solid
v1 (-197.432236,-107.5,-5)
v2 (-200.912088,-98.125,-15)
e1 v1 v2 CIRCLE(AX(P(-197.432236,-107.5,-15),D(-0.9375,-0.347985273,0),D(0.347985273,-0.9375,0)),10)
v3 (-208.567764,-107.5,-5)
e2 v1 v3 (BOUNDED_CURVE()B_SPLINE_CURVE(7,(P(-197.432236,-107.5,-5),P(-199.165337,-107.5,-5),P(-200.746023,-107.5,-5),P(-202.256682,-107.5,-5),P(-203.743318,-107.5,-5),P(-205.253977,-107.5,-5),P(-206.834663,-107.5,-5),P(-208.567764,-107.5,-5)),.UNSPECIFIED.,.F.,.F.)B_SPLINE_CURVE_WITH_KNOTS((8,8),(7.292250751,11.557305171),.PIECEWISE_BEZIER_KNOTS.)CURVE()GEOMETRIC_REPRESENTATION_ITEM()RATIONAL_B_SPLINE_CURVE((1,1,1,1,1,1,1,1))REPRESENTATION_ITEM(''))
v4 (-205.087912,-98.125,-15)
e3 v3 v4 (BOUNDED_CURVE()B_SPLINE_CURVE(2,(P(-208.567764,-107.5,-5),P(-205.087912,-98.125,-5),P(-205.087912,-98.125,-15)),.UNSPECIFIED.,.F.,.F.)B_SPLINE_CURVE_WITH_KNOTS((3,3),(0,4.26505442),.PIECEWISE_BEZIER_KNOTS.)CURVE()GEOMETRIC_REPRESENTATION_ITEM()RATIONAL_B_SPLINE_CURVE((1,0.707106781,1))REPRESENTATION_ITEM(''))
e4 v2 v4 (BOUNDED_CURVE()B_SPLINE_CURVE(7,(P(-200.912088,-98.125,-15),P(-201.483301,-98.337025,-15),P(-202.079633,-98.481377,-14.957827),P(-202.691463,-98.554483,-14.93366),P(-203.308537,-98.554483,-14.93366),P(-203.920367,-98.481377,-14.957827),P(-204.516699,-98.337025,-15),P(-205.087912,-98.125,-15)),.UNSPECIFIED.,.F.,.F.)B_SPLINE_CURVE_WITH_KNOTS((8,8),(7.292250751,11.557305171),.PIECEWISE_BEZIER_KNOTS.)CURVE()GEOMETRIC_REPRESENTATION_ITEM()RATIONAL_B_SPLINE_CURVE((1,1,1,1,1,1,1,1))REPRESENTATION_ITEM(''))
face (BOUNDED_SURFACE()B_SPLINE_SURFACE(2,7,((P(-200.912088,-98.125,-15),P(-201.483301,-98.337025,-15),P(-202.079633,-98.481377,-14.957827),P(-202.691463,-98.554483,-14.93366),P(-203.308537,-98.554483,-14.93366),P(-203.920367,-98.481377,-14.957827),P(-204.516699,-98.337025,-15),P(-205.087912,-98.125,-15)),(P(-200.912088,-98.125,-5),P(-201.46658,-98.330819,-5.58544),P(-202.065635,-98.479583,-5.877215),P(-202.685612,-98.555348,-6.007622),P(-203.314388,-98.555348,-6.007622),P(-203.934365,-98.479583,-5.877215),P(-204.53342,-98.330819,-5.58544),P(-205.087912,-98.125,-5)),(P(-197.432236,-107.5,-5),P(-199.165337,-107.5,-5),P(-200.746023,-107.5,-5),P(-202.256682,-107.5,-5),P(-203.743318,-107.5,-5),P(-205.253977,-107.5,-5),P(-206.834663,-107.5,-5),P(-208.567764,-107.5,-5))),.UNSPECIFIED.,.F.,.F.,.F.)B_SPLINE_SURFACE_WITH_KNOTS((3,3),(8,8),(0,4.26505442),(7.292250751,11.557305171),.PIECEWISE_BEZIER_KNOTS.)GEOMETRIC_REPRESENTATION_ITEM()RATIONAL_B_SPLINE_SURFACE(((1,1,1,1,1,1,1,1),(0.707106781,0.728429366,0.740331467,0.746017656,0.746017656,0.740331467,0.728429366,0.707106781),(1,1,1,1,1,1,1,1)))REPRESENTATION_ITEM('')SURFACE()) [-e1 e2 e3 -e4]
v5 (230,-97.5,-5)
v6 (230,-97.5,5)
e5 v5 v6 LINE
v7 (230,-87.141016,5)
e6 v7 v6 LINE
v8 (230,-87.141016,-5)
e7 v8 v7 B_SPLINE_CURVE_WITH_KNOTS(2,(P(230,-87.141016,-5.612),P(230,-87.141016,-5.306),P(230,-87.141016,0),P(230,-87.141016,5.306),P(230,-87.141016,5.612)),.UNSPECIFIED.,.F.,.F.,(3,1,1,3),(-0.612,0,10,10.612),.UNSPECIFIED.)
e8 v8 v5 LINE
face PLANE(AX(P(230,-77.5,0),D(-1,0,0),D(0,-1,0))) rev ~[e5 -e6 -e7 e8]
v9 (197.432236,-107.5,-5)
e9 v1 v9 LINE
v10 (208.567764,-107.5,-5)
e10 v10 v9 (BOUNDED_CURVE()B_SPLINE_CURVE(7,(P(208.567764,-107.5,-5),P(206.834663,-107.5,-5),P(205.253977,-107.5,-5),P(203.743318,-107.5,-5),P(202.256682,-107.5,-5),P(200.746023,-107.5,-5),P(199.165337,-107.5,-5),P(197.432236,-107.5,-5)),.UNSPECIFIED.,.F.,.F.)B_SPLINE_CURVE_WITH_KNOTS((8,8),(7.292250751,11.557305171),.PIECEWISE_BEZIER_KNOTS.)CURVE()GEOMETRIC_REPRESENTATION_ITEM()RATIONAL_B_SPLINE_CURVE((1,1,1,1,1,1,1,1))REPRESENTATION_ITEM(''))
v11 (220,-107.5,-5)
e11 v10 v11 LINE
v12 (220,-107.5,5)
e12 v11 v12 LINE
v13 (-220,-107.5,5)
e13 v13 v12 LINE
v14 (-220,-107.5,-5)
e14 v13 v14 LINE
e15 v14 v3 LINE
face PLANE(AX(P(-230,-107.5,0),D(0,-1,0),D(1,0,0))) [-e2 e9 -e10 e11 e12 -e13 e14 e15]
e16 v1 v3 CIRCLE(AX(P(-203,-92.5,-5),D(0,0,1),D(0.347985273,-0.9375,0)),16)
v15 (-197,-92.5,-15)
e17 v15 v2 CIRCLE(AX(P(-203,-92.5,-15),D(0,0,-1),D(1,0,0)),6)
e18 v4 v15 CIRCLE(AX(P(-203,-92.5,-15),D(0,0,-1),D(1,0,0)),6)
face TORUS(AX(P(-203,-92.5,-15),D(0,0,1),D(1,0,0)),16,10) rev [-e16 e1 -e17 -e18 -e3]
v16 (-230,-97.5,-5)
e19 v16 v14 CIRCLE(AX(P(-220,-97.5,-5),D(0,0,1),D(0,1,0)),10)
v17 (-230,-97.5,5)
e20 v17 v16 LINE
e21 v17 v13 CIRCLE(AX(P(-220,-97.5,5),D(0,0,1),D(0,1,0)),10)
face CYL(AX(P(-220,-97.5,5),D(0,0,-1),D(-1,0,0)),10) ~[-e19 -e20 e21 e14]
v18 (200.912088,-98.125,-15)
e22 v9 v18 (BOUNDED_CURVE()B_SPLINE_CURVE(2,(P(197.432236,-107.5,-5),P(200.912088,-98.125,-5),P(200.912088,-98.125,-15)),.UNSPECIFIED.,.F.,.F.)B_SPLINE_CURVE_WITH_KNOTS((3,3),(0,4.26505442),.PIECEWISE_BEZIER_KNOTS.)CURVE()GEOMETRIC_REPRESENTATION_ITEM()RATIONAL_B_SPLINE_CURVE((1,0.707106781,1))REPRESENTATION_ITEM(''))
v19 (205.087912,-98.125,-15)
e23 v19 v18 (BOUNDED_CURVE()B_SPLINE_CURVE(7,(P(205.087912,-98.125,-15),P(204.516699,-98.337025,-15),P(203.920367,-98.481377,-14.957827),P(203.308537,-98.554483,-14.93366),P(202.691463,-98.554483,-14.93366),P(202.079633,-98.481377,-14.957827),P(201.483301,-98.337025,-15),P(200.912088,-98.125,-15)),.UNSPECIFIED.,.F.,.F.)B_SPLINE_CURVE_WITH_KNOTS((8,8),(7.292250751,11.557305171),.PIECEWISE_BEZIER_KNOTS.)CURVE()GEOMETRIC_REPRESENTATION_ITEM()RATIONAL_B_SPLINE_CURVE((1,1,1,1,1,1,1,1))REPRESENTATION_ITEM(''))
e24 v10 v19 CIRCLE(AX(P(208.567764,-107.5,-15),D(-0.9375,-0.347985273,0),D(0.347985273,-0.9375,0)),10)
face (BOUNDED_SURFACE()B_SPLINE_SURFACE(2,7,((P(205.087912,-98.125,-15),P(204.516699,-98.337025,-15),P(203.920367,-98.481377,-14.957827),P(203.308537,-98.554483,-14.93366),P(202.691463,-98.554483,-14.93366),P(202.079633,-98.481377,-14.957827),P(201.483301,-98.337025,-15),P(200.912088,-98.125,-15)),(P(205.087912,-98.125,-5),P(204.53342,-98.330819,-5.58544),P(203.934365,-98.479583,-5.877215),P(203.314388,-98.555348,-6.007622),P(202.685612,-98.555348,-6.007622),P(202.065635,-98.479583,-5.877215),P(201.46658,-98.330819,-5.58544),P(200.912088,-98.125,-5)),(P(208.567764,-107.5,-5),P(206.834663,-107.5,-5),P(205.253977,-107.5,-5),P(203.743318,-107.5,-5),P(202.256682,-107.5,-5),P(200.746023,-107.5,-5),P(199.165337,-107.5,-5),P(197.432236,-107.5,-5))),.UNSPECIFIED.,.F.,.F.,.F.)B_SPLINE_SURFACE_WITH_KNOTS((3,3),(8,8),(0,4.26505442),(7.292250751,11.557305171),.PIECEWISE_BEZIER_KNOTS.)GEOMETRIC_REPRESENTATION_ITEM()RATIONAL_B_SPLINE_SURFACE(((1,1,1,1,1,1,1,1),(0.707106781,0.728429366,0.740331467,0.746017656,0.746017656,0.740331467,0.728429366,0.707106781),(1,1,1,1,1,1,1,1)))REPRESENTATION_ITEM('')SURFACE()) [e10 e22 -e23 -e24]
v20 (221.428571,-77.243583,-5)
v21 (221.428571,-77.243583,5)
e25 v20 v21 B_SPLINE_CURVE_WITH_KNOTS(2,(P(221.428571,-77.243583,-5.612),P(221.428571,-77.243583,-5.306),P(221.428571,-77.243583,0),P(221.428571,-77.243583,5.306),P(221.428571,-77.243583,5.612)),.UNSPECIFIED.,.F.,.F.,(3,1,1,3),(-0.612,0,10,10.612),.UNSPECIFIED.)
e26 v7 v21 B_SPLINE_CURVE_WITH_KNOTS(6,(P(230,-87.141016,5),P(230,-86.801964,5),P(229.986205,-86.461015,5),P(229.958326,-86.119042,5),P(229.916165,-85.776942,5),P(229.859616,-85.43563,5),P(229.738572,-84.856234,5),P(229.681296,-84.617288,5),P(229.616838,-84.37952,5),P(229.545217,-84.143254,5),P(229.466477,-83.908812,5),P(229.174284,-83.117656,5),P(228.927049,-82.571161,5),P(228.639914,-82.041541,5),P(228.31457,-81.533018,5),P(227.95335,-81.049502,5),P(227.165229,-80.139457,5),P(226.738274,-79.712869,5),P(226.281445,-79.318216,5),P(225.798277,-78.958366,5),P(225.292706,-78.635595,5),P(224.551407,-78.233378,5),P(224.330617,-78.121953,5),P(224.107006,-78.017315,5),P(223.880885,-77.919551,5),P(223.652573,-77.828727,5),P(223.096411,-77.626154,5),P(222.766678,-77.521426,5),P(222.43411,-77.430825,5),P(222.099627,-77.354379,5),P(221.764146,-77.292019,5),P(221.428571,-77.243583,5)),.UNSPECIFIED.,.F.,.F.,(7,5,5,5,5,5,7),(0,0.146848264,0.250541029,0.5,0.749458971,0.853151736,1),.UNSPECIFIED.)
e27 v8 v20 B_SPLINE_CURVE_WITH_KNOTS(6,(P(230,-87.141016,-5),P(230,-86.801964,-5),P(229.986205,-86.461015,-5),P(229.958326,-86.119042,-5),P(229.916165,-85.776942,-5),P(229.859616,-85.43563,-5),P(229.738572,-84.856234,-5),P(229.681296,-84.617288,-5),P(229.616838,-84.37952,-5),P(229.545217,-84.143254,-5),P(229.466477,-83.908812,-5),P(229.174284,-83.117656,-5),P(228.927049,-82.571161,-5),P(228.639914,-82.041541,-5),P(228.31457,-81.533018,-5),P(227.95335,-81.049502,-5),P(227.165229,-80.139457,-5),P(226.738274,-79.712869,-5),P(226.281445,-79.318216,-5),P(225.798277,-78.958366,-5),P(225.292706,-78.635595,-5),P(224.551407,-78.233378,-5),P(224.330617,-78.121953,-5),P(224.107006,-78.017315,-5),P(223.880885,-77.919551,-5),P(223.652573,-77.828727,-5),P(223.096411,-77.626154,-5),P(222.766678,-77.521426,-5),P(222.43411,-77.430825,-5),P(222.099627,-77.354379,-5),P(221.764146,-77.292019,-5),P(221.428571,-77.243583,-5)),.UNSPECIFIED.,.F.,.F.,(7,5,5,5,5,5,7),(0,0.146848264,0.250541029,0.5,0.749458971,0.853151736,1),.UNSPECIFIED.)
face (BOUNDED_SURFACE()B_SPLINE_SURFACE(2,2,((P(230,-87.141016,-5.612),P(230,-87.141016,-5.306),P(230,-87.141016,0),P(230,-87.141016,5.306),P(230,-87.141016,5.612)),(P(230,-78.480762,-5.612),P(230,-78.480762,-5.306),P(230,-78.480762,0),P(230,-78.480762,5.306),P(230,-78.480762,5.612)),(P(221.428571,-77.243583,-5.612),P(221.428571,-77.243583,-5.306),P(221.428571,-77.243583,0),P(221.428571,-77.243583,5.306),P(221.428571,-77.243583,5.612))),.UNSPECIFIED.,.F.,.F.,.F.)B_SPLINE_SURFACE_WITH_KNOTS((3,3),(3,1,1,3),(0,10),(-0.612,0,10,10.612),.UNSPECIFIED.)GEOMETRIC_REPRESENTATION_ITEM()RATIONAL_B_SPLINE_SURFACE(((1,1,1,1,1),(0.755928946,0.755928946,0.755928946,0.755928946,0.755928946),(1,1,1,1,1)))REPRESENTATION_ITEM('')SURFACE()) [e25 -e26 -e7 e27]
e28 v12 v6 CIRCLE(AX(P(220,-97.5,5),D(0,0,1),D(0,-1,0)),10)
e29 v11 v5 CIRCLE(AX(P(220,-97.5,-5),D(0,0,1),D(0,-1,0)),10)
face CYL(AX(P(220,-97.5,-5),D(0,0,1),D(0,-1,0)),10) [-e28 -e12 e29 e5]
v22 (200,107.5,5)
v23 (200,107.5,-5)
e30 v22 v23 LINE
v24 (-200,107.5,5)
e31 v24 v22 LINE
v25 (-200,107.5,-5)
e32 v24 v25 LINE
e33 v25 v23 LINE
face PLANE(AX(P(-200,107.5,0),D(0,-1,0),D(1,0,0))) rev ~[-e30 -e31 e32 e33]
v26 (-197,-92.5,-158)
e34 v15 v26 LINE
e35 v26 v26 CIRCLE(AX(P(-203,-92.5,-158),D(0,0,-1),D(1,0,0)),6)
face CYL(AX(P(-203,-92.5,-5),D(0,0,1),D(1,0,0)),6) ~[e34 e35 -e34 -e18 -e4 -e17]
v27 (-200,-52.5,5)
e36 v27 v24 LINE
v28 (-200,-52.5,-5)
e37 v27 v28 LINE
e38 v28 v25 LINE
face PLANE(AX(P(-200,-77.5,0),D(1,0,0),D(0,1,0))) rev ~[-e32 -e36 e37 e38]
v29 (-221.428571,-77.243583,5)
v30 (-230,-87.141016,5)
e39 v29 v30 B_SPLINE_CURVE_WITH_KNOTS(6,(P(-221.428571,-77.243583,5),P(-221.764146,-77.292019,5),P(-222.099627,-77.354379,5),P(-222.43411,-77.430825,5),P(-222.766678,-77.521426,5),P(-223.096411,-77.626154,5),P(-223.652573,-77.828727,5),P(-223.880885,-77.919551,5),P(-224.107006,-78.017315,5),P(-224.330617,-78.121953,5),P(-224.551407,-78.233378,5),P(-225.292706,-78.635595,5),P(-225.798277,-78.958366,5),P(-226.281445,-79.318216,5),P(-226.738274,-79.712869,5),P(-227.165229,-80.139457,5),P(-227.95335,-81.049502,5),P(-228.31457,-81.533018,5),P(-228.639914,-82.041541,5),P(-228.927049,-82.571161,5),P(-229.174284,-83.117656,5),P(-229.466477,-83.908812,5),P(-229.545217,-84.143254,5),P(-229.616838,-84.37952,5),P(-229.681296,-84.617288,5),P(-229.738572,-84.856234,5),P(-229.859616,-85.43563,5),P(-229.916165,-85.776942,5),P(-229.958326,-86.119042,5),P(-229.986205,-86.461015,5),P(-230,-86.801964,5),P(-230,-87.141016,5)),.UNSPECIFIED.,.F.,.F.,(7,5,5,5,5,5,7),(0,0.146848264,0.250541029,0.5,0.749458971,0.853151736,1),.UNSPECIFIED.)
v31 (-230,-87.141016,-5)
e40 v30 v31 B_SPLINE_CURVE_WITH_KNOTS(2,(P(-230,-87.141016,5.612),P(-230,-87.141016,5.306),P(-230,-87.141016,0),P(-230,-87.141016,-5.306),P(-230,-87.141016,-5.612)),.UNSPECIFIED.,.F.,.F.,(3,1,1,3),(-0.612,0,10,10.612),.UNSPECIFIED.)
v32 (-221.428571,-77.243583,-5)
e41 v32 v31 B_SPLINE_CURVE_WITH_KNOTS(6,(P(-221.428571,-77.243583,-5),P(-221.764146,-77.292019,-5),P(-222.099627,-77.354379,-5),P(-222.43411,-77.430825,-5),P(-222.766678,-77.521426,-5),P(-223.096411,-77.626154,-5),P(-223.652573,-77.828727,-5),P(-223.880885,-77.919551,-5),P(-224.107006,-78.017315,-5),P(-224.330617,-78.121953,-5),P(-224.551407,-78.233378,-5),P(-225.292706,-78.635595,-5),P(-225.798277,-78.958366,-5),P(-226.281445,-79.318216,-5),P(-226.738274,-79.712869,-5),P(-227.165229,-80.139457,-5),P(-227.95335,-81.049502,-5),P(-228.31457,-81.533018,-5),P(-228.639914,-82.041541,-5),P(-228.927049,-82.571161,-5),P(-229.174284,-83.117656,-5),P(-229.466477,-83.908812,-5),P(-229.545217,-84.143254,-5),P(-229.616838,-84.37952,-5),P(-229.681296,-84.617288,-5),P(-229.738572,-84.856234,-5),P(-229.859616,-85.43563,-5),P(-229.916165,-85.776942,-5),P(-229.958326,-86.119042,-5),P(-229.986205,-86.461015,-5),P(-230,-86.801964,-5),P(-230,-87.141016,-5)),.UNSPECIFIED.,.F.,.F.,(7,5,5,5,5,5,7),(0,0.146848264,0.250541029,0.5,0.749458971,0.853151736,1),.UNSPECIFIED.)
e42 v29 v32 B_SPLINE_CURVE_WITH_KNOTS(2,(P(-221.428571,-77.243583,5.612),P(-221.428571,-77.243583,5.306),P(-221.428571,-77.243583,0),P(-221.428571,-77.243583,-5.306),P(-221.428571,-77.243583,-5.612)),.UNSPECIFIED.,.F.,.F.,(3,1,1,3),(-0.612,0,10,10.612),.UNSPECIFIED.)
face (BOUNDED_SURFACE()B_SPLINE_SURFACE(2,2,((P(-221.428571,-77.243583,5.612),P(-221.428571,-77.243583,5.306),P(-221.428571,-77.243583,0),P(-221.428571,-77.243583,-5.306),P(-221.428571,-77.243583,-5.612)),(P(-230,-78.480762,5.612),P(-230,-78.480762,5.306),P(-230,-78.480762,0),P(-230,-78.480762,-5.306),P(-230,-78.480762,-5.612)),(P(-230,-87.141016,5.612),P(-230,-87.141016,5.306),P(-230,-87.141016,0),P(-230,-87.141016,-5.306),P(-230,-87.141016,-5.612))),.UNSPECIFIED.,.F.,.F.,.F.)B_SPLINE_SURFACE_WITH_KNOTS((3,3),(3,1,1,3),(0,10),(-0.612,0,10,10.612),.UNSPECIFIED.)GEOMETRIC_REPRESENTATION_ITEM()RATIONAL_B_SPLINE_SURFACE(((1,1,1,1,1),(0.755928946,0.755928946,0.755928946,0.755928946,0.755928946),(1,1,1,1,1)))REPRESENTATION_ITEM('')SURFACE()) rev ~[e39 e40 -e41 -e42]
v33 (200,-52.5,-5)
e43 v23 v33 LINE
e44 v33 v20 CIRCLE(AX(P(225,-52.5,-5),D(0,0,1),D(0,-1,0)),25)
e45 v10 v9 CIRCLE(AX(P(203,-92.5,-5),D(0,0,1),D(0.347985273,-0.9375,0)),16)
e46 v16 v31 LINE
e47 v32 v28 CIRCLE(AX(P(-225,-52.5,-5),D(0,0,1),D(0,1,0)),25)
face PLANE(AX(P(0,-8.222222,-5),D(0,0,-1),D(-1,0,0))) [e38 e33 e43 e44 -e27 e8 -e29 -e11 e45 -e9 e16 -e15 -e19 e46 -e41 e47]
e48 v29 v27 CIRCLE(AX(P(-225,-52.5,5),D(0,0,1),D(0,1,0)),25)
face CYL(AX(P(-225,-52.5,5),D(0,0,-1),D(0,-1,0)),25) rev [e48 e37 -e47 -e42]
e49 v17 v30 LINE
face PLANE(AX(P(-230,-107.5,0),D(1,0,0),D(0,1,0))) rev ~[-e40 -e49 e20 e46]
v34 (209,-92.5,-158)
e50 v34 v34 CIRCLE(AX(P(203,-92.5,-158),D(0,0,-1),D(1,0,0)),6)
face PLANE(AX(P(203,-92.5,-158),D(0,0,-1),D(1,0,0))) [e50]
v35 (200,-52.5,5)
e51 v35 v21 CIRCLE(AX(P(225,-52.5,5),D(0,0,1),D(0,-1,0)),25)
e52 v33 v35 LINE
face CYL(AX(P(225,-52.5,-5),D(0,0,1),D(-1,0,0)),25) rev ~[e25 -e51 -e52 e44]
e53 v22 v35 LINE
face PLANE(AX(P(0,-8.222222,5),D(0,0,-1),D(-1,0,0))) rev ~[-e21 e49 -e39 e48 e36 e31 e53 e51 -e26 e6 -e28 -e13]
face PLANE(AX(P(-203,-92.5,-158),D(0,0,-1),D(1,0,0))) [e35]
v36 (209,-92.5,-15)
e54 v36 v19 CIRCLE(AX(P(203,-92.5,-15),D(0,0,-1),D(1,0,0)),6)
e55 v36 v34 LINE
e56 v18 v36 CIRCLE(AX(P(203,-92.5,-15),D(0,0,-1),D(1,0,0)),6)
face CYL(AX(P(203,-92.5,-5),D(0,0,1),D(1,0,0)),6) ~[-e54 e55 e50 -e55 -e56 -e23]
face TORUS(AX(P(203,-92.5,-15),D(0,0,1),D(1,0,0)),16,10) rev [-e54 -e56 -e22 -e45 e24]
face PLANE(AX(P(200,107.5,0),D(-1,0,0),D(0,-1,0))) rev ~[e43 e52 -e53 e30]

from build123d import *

# Parameters (mm, degrees)
BOSS_EXTRUDE1_DEPTH = 5
FILLET1_R           = 25
SKETCH2_R           = 6
BOSS_EXTRUDE2_DEPTH = 153
FILLET2_R           = 10
FILLET3_R           = 10


with BuildPart() as part:
    # Sketch1 → Boss-Extrude1 (new, symmetric)
    with BuildSketch(Plane.XY):
        Polygon((-200, -107.5), (-230, -107.5), (-230, -77.5), (-200, -77.5), (-200, 107.5), (200, 107.5), (200, -77.5), (230, -77.5), (230, -107.5), (200, -107.5), align=None)
    extrude(amount=BOSS_EXTRUDE1_DEPTH, both=True)

    # Fillet1
    fillet1_edges = [part.edges().sort_by_distance(p)[0] for p in [
        (-200, -77.5, 0),
        (200, -77.5, 0),
    ]]
    fillet(fillet1_edges, radius=FILLET1_R)

    # Sketch2 → Boss-Extrude2 (add)
    with BuildSketch(Plane(origin=(0, 0, -5), x_dir=(-1, 0, 0), z_dir=(0, 0, -1))):
        with Locations(Location((-203, -92.5, 0), (0, 0, 180))):
            Circle(SKETCH2_R)
        with Locations(Location((203, -92.5, 0), (0, 0, 180))):
            Circle(SKETCH2_R)
    extrude(amount=BOSS_EXTRUDE2_DEPTH)

    # Fillet2
    fillet2_edges = [part.edges().sort_by_distance(p)[0] for p in [
        (-230, -107.5, 0),
        (230, -107.5, 0),
        (197, -92.5, -5),
        (-209, -92.5, -5),
    ]]
    fillet(fillet2_edges, radius=FILLET2_R)

    # Fillet3
    fillet3_edges = [part.edges().sort_by_distance(p)[0] for p in [
        (-230, -77.5, 0),
        (230, -77.5, 0),
    ]]
    fillet(fillet3_edges, radius=FILLET3_R)


solid = part.part
